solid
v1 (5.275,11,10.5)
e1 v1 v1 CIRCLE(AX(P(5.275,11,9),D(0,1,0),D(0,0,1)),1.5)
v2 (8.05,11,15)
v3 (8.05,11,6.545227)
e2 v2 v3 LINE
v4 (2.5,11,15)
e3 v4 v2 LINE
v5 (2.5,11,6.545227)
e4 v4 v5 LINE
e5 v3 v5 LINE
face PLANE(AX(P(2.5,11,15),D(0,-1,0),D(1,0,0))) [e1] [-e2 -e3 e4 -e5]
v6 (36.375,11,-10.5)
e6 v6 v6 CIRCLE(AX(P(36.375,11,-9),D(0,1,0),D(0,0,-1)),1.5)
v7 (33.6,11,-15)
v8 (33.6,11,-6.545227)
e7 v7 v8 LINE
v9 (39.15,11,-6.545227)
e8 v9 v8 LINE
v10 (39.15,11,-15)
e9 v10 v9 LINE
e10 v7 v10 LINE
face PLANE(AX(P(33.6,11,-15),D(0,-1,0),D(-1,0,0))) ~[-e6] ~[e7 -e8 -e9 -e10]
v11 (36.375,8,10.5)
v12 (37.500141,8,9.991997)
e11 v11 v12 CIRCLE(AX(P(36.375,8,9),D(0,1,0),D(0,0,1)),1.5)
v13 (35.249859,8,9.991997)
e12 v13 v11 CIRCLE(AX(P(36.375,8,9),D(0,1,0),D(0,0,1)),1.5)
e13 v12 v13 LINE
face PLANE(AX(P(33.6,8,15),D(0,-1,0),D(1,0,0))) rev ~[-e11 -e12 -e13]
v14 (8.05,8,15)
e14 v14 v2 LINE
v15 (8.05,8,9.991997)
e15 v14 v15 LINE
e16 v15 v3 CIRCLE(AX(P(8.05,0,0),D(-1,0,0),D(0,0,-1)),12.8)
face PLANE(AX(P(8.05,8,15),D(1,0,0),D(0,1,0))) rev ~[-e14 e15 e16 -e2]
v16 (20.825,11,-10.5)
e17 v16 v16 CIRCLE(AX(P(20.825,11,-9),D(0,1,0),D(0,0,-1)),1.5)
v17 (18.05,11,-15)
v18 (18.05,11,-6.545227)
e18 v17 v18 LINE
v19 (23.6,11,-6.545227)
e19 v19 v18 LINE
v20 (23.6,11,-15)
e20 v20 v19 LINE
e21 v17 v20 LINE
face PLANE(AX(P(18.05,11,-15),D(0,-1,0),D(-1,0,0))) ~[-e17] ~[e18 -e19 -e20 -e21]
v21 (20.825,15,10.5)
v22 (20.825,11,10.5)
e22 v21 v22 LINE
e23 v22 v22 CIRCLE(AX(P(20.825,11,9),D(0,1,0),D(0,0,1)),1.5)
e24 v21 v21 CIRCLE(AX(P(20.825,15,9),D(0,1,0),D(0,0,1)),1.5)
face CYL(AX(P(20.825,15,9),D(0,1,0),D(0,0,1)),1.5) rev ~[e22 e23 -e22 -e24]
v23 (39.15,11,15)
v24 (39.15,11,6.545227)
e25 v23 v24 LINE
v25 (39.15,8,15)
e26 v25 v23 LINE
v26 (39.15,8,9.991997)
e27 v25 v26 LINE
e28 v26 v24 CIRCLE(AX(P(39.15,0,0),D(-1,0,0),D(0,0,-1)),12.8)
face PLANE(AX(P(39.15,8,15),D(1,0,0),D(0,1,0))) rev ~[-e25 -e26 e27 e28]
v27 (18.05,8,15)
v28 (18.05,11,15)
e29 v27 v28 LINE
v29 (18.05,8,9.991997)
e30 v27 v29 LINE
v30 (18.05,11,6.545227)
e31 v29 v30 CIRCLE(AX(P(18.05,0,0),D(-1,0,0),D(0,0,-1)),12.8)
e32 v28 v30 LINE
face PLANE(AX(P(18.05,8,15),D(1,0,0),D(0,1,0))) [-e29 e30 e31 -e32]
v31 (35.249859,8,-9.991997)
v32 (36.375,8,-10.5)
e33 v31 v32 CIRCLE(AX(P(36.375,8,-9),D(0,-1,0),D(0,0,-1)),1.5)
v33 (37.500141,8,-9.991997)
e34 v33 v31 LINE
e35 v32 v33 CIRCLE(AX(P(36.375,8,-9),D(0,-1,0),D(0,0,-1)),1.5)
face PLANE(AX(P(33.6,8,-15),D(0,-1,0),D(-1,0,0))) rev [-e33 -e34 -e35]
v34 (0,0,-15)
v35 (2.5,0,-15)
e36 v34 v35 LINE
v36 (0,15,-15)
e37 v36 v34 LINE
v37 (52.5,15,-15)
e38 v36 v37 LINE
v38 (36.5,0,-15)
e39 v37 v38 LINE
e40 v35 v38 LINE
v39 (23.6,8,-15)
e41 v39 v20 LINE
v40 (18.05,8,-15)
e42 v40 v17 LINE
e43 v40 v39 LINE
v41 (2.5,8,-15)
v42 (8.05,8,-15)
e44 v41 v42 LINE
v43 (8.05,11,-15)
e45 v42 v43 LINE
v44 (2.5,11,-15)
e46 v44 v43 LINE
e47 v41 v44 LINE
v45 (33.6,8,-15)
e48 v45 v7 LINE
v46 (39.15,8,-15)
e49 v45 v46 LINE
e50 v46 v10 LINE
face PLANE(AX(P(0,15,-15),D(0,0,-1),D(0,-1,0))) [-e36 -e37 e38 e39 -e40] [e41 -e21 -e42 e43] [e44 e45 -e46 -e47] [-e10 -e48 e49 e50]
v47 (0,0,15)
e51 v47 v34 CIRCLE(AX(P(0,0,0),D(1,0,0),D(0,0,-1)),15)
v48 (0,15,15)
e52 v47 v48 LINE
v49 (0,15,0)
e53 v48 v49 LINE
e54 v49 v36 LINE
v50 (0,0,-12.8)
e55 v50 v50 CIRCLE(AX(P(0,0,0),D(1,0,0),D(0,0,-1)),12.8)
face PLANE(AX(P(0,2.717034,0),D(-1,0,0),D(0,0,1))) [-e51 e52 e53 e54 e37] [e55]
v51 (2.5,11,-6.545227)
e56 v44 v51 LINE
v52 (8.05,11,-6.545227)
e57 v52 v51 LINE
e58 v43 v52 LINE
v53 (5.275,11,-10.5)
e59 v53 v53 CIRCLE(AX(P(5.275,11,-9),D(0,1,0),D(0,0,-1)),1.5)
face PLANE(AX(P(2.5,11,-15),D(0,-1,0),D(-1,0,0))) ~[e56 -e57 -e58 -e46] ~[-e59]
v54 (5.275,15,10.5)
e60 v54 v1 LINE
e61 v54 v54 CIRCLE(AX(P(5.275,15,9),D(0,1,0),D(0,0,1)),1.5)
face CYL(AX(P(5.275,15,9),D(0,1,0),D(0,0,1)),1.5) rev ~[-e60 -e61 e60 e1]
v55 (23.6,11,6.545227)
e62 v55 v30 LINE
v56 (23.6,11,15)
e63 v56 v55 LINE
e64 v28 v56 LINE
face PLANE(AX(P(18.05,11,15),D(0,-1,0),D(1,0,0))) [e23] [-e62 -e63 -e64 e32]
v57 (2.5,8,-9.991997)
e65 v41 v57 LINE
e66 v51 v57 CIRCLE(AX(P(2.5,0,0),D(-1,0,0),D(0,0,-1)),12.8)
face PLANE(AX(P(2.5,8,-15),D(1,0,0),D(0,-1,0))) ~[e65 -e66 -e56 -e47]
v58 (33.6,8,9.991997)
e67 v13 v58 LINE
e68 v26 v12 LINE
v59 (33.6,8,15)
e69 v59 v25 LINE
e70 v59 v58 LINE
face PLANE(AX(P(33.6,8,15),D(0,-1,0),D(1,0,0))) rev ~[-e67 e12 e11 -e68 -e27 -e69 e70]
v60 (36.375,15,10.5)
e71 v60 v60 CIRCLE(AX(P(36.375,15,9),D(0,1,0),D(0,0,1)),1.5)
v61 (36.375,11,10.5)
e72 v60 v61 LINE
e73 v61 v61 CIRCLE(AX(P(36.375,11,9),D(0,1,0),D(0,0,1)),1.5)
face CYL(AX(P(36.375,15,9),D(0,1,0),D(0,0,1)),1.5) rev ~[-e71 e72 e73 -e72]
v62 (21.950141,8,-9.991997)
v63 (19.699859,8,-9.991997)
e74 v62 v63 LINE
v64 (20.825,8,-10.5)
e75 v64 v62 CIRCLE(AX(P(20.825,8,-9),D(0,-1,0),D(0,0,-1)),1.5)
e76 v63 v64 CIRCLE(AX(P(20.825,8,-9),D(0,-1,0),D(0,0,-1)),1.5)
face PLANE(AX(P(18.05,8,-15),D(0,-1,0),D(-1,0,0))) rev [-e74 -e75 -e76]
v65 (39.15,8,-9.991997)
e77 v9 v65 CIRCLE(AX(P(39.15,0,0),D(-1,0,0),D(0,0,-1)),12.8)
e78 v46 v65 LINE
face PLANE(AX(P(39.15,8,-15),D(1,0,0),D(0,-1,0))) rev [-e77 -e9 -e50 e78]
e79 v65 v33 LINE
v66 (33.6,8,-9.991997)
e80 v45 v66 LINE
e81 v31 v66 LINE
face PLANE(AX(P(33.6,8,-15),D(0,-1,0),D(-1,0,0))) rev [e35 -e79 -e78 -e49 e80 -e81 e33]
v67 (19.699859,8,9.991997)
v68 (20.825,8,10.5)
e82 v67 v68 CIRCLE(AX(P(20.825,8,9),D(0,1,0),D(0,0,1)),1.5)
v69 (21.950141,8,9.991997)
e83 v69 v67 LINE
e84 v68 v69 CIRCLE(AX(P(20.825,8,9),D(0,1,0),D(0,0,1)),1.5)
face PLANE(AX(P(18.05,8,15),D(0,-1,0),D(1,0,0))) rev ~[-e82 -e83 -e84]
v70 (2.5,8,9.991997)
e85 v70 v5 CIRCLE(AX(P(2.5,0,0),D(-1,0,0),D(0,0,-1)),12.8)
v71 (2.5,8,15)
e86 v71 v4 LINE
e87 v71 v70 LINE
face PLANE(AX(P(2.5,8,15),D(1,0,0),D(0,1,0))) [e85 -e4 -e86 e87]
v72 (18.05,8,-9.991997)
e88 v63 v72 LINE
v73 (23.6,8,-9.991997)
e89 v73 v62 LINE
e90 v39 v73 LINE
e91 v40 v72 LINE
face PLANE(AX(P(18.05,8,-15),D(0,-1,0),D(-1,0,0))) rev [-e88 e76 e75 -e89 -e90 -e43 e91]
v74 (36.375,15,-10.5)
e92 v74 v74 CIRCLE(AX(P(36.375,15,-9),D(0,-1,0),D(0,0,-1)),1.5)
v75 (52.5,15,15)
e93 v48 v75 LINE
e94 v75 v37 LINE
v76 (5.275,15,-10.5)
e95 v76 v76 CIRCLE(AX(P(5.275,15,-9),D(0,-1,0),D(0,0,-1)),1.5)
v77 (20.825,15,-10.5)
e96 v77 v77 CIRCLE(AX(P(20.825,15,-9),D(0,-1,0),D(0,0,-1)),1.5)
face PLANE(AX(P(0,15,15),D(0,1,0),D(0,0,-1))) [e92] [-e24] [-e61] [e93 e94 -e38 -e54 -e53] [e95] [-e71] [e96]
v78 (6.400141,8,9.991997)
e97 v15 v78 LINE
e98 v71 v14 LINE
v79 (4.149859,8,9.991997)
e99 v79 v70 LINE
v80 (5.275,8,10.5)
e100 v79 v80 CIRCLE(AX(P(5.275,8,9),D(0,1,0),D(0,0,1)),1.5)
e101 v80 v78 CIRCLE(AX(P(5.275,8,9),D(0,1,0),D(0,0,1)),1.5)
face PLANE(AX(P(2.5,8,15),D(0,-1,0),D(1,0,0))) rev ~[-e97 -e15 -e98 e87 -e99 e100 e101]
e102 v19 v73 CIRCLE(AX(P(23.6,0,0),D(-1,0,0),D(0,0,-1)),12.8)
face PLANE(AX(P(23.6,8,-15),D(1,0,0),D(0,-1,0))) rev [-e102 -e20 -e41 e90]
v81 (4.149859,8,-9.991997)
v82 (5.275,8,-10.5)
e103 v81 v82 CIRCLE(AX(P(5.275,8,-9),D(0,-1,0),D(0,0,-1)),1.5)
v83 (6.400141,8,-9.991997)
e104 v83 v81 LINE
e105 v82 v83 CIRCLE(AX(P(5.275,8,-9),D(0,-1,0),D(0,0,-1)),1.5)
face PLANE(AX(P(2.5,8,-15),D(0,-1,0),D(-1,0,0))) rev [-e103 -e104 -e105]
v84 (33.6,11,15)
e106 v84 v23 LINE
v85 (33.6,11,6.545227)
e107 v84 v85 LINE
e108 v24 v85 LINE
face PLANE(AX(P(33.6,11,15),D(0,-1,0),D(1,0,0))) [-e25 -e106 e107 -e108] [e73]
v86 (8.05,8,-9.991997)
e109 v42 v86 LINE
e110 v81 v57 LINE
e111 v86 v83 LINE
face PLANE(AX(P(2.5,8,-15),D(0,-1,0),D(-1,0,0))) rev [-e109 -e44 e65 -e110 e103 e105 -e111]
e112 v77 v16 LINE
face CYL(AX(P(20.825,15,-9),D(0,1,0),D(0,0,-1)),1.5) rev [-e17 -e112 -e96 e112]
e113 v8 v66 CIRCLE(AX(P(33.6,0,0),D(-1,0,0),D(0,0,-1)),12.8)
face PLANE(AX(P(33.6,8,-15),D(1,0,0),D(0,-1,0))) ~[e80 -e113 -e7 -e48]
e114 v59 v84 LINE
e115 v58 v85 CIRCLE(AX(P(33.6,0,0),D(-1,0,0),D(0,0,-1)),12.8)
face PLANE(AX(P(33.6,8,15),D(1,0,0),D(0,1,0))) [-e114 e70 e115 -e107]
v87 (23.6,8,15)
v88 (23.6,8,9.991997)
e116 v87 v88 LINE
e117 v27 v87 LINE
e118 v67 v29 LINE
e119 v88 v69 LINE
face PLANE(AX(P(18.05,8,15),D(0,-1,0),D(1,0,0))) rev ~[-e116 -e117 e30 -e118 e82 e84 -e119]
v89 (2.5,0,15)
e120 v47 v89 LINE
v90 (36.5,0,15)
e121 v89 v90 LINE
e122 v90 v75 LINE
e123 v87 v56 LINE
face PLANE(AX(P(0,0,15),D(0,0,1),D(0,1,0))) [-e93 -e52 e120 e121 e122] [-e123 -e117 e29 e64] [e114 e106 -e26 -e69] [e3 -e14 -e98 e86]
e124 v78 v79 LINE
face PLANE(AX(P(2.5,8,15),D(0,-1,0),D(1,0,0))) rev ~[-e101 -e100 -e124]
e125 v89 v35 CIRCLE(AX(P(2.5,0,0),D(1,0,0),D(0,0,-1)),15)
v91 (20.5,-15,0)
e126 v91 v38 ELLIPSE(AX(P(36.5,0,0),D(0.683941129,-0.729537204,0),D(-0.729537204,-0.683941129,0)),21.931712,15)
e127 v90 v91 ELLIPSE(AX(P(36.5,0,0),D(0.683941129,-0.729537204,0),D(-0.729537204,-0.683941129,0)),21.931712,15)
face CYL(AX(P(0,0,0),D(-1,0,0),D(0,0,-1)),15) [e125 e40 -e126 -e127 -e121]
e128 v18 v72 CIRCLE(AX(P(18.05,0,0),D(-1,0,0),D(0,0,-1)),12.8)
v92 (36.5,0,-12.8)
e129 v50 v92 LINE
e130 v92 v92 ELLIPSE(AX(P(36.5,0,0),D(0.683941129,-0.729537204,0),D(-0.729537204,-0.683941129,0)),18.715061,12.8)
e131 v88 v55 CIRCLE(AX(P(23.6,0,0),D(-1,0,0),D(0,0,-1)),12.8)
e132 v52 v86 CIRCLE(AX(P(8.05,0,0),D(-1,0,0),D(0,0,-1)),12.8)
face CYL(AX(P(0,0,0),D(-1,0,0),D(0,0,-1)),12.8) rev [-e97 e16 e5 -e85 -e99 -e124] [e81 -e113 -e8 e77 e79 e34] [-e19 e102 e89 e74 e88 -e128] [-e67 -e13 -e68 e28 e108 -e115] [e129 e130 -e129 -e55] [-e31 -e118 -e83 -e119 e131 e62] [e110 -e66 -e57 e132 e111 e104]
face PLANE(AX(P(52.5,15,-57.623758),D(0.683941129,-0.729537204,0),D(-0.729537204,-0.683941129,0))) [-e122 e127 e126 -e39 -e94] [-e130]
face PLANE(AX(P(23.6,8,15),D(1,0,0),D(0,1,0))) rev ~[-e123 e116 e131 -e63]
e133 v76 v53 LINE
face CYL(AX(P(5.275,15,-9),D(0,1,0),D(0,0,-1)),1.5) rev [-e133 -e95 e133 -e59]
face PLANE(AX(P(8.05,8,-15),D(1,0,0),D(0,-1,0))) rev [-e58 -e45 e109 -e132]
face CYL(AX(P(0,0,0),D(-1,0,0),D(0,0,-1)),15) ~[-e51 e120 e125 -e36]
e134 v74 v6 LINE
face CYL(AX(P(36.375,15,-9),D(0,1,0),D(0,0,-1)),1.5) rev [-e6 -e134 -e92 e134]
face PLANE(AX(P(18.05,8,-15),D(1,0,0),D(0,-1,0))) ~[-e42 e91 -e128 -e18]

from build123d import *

# Parameters (mm, degrees)
SKETCH1_R                = 15
SKETCH1_R_2              = 12.85
BOSS_EXTRUDE1_DEPTH      = 2.5
BOSS_EXTRUDE2_DEPTH      = 50
BOSS_EXTRUDE2_DEPTH_BACK = 2.5
SKETCH2_R                = 12.8
CUT_EXTRUDE1_DEPTH       = 57.623758265
CUT_EXTRUDE1_DEPTH_BACK  = 57.623758265
SKETCH4_W                = 5.55
SKETCH4_H                = 3
CUT_EXTRUDE2_DEPTH       = 9
SKETCH5_R                = 1.5
CUT_EXTRUDE3_DEPTH       = 7


with BuildPart() as part:
    # Sketch1 → Boss-Extrude1 (new body)
    with BuildSketch(Plane(origin=(0, 0, 0), x_dir=(0, 0, -1), z_dir=(1, 0, 0))):
        Circle(SKETCH1_R)
        Circle(SKETCH1_R_2, mode=Mode.SUBTRACT)
    extrude(amount=BOSS_EXTRUDE1_DEPTH)

    # Sketch2 → Boss-Extrude2 (add, two sides: drawn at the far end of the back side and taken through both)
    with BuildSketch(Plane(origin=(2.5, 0, 0), x_dir=(0, 0, -1), z_dir=(1, 0, 0)).offset(-BOSS_EXTRUDE2_DEPTH_BACK)):
        with BuildLine():
            Line((-15, 15), (15, 15))
            Line((15, 15), (15, 0))
            ThreePointArc((15, 0), (0, -15), (-15, 0))
            Line((-15, 0), (-15, 15))
        make_face()
        Circle(SKETCH2_R, mode=Mode.SUBTRACT)
    extrude(amount=BOSS_EXTRUDE2_DEPTH + BOSS_EXTRUDE2_DEPTH_BACK)

    # Sketch3 → Cut-Extrude1 (cut, two sides: drawn at the far end of the back side and taken through both)
    with BuildSketch(Plane.XY.offset(-CUT_EXTRUDE1_DEPTH_BACK)):
        Polygon((52.5, 15), (20.5, -15), (52.5, -15), align=None)
    extrude(amount=CUT_EXTRUDE1_DEPTH + CUT_EXTRUDE1_DEPTH_BACK, mode=Mode.SUBTRACT)

    # Sketch4 → Cut-Extrude2 (cut)
    with BuildSketch(Plane.XY.offset(15)):
        with Locations((5.275, 9.5)):
            Rectangle(SKETCH4_W, SKETCH4_H)
        with Locations((20.825, 9.5)):
            Rectangle(SKETCH4_W, SKETCH4_H)
        with Locations((36.375, 9.5)):
            Rectangle(SKETCH4_W, SKETCH4_H)
    cut_extrude2 = extrude(amount=-CUT_EXTRUDE2_DEPTH, mode=Mode.SUBTRACT)

    # Sketch5 → Cut-Extrude3 (cut)
    with BuildSketch(Plane(origin=(0, 15, 0), x_dir=(1, 0, 0), z_dir=(0, 1, 0))):
        with Locations(Location((5.275, -9, 0), (0, 0, 270))):
            Circle(SKETCH5_R)
        with Locations(Location((20.825, -9, 0), (0, 0, 270))):
            Circle(SKETCH5_R)
        with Locations(Location((36.375, -9, 0), (0, 0, 270))):
            Circle(SKETCH5_R)
    cut_extrude3 = extrude(amount=-CUT_EXTRUDE3_DEPTH, mode=Mode.SUBTRACT)

    # Mirror1: Cut-Extrude2, Cut-Extrude3 across plane
    add(cut_extrude2.mirror(Plane.XY), mode=Mode.SUBTRACT)
    add(cut_extrude3.mirror(Plane.XY), mode=Mode.SUBTRACT)


solid = part.part
